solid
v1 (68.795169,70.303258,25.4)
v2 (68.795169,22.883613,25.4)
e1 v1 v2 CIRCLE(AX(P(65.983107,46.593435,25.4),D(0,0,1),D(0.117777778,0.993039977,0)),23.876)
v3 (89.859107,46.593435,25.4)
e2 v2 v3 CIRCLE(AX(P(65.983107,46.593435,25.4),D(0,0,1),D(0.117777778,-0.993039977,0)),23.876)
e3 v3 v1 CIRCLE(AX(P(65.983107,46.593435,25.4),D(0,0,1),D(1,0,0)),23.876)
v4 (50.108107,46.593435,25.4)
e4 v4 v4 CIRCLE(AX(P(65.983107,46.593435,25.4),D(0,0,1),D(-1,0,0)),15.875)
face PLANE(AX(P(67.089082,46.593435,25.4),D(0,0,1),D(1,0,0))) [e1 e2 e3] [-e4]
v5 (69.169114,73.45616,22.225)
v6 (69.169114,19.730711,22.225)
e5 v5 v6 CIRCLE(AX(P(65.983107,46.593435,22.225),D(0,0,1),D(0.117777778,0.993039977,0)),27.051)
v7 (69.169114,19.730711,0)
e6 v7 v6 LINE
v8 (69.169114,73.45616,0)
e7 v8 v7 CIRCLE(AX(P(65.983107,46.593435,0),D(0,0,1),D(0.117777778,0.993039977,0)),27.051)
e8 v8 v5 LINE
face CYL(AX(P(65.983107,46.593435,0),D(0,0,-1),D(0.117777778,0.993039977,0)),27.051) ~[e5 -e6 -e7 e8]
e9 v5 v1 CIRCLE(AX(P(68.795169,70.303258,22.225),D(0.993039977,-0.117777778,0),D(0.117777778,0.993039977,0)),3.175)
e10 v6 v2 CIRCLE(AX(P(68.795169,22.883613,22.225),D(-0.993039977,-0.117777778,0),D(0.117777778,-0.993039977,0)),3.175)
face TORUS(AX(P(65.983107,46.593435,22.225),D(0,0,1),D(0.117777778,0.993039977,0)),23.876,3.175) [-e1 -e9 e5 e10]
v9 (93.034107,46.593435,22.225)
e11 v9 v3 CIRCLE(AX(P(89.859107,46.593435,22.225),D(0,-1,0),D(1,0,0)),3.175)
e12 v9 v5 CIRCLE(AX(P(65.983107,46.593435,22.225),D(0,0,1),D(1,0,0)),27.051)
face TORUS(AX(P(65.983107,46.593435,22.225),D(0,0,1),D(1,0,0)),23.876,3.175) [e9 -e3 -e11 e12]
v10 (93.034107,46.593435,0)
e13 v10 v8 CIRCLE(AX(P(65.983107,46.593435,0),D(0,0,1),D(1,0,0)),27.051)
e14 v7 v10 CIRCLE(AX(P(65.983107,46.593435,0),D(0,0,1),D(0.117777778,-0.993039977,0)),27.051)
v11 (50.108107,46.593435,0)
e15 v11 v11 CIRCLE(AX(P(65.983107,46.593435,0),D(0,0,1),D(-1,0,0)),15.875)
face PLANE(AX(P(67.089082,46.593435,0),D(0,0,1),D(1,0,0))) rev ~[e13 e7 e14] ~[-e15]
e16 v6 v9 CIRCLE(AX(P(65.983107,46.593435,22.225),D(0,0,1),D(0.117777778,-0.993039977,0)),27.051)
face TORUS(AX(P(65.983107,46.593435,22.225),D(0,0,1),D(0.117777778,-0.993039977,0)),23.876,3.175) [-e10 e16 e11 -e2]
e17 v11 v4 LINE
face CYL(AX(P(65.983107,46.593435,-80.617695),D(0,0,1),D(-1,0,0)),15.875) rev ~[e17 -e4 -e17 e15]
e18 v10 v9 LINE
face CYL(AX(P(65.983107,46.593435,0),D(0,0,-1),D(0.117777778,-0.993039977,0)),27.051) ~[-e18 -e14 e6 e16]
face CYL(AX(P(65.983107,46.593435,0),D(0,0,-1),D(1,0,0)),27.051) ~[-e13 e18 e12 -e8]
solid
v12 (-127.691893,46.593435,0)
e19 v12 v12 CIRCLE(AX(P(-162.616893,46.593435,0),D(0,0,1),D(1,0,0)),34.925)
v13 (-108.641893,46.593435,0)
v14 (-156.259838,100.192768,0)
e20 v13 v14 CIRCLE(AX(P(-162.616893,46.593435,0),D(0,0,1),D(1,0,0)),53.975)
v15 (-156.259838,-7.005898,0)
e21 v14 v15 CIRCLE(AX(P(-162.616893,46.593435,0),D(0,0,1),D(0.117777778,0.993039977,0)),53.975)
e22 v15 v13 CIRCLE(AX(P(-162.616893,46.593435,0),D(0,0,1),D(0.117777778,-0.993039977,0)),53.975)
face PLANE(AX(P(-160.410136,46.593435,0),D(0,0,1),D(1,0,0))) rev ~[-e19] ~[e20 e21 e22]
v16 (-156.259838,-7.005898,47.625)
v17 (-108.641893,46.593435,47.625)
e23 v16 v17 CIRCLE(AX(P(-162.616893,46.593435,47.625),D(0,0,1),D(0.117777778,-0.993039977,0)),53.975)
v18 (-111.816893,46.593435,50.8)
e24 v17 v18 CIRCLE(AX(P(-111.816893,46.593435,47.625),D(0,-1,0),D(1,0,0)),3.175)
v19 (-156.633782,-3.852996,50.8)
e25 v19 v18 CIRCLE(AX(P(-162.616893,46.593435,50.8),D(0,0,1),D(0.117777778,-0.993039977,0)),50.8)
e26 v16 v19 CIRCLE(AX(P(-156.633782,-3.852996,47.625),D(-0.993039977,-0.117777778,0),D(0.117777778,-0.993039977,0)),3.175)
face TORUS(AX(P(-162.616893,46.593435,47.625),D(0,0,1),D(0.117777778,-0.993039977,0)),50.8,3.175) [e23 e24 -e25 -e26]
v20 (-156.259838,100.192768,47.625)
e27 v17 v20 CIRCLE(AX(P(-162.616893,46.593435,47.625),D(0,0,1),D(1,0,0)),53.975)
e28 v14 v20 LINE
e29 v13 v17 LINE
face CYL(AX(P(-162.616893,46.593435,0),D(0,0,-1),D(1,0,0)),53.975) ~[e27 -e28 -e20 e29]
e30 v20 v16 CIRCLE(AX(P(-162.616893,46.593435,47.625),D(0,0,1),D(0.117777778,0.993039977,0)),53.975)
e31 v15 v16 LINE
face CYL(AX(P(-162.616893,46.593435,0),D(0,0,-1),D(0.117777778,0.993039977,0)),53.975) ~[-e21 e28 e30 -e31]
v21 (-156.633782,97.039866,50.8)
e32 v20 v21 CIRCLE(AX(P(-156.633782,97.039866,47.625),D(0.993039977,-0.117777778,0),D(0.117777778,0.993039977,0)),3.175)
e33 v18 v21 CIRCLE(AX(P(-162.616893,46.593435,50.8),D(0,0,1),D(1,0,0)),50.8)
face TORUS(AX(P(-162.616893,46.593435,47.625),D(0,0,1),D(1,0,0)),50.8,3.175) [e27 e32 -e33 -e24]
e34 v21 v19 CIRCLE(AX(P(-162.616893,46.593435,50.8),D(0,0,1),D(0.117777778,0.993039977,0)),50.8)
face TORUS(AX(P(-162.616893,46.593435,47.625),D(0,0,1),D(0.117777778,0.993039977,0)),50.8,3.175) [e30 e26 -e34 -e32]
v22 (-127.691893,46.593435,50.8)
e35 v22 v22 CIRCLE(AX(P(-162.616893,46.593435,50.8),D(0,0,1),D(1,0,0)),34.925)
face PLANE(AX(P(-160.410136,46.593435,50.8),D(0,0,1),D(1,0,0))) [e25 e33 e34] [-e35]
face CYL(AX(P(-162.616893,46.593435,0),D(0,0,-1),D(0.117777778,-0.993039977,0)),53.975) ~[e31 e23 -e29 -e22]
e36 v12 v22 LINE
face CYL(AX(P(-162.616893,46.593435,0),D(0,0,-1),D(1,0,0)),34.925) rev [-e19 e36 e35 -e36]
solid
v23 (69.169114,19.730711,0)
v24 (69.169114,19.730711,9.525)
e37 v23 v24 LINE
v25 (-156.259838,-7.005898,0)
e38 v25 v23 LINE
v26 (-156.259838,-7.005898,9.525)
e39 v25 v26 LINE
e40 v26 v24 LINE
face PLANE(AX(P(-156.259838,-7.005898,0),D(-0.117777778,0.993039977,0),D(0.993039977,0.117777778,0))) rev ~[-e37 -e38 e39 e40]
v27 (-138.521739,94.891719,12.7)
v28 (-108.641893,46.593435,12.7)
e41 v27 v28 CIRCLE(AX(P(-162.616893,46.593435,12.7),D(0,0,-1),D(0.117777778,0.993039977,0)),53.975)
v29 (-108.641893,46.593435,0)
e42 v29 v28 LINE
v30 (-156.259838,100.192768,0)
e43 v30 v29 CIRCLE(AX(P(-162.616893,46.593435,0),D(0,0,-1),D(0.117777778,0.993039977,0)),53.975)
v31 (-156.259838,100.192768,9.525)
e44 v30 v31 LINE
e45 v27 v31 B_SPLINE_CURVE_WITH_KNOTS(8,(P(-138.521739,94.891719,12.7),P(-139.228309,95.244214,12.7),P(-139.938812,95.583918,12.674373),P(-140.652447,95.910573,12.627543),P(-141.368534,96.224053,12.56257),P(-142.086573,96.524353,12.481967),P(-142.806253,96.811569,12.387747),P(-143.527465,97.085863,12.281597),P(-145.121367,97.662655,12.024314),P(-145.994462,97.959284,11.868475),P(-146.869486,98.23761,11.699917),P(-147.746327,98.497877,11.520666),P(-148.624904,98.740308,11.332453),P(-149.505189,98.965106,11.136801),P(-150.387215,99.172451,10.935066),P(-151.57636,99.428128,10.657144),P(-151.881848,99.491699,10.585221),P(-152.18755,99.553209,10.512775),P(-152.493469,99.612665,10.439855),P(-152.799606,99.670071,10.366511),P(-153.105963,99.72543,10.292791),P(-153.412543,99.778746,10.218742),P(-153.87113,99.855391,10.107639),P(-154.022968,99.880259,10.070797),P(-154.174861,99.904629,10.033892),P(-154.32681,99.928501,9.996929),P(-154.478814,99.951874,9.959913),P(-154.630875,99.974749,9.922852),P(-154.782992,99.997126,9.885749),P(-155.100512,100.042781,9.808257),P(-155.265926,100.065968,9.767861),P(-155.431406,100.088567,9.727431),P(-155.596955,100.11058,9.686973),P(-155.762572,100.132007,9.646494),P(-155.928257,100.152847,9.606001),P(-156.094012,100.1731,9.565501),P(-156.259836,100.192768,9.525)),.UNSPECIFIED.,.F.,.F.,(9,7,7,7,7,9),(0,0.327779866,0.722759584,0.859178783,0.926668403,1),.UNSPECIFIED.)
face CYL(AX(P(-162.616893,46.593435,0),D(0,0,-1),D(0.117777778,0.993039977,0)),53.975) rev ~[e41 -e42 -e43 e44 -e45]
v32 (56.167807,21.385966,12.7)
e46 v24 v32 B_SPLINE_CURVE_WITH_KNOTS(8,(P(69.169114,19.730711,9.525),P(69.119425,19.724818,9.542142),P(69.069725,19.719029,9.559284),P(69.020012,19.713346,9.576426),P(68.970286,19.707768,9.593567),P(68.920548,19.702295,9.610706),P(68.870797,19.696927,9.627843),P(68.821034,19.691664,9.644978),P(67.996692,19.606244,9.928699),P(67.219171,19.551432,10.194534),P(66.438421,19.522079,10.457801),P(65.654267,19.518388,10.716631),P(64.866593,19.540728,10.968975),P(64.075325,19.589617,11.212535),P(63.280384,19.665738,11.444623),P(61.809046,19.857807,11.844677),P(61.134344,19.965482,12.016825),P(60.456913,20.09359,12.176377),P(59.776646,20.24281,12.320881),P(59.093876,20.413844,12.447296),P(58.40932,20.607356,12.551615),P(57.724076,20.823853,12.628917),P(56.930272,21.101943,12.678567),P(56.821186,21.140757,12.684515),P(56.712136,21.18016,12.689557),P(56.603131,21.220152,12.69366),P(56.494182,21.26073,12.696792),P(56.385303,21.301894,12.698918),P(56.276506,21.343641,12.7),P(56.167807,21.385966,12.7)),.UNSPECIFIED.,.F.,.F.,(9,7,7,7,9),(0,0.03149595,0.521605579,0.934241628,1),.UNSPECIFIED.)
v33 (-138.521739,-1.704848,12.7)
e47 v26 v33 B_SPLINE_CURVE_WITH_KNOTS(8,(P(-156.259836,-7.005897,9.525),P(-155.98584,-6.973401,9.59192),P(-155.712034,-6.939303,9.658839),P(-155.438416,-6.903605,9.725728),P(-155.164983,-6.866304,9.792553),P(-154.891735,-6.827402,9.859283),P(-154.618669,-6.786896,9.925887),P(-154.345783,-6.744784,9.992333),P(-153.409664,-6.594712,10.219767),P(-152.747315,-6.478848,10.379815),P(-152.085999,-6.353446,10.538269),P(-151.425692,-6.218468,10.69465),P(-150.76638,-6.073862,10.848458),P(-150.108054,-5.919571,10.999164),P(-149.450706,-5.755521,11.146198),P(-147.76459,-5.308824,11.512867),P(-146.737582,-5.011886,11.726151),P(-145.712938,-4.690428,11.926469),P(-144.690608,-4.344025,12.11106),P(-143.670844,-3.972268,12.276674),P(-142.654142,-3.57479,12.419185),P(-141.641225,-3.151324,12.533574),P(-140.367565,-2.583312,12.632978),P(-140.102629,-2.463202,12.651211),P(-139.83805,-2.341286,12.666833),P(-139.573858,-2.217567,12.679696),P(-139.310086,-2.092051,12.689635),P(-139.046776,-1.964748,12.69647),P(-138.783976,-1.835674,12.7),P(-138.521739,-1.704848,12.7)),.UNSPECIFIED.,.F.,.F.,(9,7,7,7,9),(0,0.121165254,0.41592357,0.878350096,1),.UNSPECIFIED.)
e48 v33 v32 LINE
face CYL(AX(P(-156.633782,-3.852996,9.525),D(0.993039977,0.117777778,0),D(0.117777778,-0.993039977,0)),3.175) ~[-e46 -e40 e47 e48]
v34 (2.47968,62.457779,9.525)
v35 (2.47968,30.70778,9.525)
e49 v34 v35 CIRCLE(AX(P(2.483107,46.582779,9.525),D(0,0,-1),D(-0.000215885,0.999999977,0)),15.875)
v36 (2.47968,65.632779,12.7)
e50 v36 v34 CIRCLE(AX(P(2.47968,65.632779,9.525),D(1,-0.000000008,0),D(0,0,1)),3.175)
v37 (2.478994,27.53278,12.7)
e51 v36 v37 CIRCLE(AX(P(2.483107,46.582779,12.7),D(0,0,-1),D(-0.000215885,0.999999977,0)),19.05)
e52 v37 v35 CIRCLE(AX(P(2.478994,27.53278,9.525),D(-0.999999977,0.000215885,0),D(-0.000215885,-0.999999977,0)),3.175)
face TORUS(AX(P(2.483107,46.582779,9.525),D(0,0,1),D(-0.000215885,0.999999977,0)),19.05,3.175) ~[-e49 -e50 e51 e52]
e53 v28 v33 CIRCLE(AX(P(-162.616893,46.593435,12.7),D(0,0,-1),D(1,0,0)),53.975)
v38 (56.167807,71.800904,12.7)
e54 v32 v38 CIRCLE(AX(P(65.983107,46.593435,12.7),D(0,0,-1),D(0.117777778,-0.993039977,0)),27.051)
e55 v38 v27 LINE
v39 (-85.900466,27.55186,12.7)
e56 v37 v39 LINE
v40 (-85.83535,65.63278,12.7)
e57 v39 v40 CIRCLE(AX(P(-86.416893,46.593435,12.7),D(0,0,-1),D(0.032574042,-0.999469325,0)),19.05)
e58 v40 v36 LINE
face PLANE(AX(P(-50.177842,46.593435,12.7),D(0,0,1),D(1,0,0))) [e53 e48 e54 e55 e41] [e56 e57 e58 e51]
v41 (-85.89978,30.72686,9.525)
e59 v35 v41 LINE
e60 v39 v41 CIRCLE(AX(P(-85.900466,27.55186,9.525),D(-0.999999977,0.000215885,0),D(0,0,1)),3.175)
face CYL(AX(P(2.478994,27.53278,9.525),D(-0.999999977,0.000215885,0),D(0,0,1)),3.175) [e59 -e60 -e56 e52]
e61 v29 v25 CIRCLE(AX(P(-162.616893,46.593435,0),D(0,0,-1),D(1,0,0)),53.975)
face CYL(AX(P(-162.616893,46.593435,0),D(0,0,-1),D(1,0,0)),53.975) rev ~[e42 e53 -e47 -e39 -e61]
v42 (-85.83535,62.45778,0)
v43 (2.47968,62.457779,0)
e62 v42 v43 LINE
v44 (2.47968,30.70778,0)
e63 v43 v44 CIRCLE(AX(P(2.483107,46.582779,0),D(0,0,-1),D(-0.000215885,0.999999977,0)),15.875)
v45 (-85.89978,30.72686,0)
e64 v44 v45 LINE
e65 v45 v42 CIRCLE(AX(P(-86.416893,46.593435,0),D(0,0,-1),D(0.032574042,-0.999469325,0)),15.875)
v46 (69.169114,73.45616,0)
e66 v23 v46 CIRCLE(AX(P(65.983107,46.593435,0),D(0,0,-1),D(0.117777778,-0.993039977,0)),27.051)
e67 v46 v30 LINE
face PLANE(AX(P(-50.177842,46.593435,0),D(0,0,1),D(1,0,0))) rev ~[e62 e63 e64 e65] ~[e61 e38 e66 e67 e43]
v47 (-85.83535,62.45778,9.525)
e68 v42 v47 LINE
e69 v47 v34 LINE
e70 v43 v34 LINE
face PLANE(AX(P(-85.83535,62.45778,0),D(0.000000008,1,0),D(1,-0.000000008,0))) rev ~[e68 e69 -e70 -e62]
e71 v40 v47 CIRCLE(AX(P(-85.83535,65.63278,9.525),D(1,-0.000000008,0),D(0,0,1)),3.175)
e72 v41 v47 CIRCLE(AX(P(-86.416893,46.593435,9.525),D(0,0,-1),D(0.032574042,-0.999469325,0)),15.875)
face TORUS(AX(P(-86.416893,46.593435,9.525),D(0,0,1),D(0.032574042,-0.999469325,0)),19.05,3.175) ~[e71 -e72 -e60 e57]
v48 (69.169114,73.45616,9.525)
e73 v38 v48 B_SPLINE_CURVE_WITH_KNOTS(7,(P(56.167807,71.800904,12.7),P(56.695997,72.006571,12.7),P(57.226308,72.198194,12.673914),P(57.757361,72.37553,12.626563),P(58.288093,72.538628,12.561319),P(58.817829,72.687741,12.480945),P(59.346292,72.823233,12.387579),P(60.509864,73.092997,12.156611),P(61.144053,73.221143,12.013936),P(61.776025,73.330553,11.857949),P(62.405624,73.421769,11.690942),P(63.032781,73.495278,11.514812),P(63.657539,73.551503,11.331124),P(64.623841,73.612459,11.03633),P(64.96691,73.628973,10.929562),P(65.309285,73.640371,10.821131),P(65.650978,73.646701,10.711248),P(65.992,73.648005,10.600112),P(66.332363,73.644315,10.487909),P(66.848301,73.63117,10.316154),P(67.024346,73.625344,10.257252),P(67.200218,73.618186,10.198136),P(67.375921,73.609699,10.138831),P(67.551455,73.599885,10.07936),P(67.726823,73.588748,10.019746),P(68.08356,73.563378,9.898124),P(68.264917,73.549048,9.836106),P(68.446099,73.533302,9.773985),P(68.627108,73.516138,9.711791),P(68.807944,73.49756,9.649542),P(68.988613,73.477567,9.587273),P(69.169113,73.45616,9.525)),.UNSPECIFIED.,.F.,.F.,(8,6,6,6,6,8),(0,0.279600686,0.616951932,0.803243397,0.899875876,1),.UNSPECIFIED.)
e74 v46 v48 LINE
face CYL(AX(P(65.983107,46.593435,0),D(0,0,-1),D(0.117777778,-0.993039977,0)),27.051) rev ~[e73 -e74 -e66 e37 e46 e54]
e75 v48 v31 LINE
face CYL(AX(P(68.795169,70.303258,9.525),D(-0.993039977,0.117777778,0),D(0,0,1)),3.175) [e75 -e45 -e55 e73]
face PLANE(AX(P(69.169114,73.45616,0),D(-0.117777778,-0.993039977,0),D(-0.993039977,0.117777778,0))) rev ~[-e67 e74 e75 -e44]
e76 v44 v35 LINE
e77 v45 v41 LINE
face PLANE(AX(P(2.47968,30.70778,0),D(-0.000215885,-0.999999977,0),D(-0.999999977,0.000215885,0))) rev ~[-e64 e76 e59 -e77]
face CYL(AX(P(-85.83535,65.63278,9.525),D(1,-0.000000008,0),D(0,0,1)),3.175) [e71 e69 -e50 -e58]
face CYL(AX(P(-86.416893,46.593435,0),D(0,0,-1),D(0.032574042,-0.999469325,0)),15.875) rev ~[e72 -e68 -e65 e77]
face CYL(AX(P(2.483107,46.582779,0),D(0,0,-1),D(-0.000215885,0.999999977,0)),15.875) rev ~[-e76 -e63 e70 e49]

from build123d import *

# Parameters (mm, degrees)
F0_R     = 34.925
F1_DEPTH = 50.8
F0_R_2   = 12.7
F2_DEPTH = 25.4
F3_DEPTH = 12.7
F4_R     = 3.175
F5_R     = 3.175
F5_2_R   = 3.175
F5_3_R   = 3.175
F6_R     = 3.175
F7_D     = 31.75


with BuildPart() as f1:
    # F0 (on Top) → F1 (new body)
    with BuildSketch(Plane.XY):
        with BuildLine():
            ThreePointArc((-156.2598375408, -7.0058976266), (-122.2657921287, 10.7452932364), (-108.6418930964, 46.5934351087))
            ThreePointArc((-108.6418930964, 46.5934351087), (-122.2657921287, 82.4415769809), (-156.2598375408, 100.1927678439))
            ThreePointArc((-156.2598375408, 100.1927678439), (-216.5918930964, 46.5934351087), (-156.2598375408, -7.0058976266))
        make_face()
        with Locations((-162.6168930964, 46.5934351087)):
            Circle(F0_R, mode=Mode.SUBTRACT)
    extrude(amount=F1_DEPTH)

    # F5#2
    f5_2_edges = [f1.edges().sort_by_distance(p)[0] for p in [
        (-168.973949, 100.192768, 50.8),
    ]]
    fillet(f5_2_edges, radius=F5_2_R)


with BuildPart() as f2:
    # F0 (on Top) → F2 (new body)
    with BuildSketch(Plane.XY):
        with BuildLine():
            ThreePointArc((93.0341069036, 46.5934351087), (86.2061292709, 64.5596803294), (69.1691135703, 73.4561595148))
            ThreePointArc((69.1691135703, 73.4561595148), (38.9321069036, 46.5934351087), (69.1691135703, 19.7307107025))
            ThreePointArc((69.1691135703, 19.7307107025), (86.2061292709, 28.627189888), (93.0341069036, 46.5934351087))
        make_face()
        with Locations((65.9831069036, 46.5934351087)):
            Circle(F0_R_2, mode=Mode.SUBTRACT)
    extrude(amount=F2_DEPTH)

    # F5#3
    f5_3_edges = [f2.edges().sort_by_distance(p)[0] for p in [
        (62.7971, 73.45616, 25.4),
    ]]
    fillet(f5_3_edges, radius=F5_3_R)

    # F7 (through all)
    with Locations(Plane(origin=(0, 0, 0), x_dir=(1, 0, 0), z_dir=(0, 0, -1))):
        with Locations((-162.6168930964, -46.5934351087), (65.9831069036, -46.5934351087)):
            Hole(F7_D / 2)


with BuildPart() as f3:
    # F0 (on Top) → F3 (new body)
    with BuildSketch(Plane.XY):
        with BuildLine():
            ThreePointArc((-156.2598375408, 100.1927678439), (-122.2657921287, 82.4415769809), (-108.6418930964, 46.5934351087))
            ThreePointArc((-108.6418930964, 46.5934351087), (-122.2657921287, 10.7452932364), (-156.2598375408, -7.0058976266))
            Line((-156.2598375408, -7.0058976266), (69.1691135703, 19.7307107025))
            ThreePointArc((69.1691135703, 19.7307107025), (38.9321069036, 46.5934351087), (69.1691135703, 73.4561595148))
            Line((69.1691135703, 73.4561595148), (-156.2598375408, 100.1927678439))
        make_face()
        with BuildLine():
            ThreePointArc((-85.8997801759, 30.726859573), (-102.2918603699, 46.6256696303), (-85.8353497418, 62.457779795))
            Line((-85.8353497418, 62.457779795), (2.4796797332, 62.4577790551))
            ThreePointArc((2.4796797332, 62.4577790551), (18.3581069036, 46.5827794251), (2.4796797332, 30.707779795))
            Line((2.4796797332, 30.707779795), (-85.8997801759, 30.726859573))
        make_face(mode=Mode.SUBTRACT)
    extrude(amount=F3_DEPTH)

    # F4
    f4_edges = [f3.edges().sort_by_distance(p)[0] for p in [
        (-43.545362, 6.362407, 12.7),
    ]]
    fillet(f4_edges, radius=F4_R)

    # F5
    f5_edges = [f3.edges().sort_by_distance(p)[0] for p in [
        (-43.545362, 86.824464, 12.7),
    ]]
    fillet(f5_edges, radius=F5_R)

    # F6
    f6_edges = [f3.edges().sort_by_distance(p)[0] for p in [
        (-41.677835, 62.457779, 12.7),
        (-41.71005, 30.71732, 12.7),
        (-102.29186, 46.62567, 12.7),
        (18.358107, 46.582779, 12.7),
    ]]
    fillet(f6_edges, radius=F6_R)


solid = Compound([f1.part, f2.part, f3.part])
